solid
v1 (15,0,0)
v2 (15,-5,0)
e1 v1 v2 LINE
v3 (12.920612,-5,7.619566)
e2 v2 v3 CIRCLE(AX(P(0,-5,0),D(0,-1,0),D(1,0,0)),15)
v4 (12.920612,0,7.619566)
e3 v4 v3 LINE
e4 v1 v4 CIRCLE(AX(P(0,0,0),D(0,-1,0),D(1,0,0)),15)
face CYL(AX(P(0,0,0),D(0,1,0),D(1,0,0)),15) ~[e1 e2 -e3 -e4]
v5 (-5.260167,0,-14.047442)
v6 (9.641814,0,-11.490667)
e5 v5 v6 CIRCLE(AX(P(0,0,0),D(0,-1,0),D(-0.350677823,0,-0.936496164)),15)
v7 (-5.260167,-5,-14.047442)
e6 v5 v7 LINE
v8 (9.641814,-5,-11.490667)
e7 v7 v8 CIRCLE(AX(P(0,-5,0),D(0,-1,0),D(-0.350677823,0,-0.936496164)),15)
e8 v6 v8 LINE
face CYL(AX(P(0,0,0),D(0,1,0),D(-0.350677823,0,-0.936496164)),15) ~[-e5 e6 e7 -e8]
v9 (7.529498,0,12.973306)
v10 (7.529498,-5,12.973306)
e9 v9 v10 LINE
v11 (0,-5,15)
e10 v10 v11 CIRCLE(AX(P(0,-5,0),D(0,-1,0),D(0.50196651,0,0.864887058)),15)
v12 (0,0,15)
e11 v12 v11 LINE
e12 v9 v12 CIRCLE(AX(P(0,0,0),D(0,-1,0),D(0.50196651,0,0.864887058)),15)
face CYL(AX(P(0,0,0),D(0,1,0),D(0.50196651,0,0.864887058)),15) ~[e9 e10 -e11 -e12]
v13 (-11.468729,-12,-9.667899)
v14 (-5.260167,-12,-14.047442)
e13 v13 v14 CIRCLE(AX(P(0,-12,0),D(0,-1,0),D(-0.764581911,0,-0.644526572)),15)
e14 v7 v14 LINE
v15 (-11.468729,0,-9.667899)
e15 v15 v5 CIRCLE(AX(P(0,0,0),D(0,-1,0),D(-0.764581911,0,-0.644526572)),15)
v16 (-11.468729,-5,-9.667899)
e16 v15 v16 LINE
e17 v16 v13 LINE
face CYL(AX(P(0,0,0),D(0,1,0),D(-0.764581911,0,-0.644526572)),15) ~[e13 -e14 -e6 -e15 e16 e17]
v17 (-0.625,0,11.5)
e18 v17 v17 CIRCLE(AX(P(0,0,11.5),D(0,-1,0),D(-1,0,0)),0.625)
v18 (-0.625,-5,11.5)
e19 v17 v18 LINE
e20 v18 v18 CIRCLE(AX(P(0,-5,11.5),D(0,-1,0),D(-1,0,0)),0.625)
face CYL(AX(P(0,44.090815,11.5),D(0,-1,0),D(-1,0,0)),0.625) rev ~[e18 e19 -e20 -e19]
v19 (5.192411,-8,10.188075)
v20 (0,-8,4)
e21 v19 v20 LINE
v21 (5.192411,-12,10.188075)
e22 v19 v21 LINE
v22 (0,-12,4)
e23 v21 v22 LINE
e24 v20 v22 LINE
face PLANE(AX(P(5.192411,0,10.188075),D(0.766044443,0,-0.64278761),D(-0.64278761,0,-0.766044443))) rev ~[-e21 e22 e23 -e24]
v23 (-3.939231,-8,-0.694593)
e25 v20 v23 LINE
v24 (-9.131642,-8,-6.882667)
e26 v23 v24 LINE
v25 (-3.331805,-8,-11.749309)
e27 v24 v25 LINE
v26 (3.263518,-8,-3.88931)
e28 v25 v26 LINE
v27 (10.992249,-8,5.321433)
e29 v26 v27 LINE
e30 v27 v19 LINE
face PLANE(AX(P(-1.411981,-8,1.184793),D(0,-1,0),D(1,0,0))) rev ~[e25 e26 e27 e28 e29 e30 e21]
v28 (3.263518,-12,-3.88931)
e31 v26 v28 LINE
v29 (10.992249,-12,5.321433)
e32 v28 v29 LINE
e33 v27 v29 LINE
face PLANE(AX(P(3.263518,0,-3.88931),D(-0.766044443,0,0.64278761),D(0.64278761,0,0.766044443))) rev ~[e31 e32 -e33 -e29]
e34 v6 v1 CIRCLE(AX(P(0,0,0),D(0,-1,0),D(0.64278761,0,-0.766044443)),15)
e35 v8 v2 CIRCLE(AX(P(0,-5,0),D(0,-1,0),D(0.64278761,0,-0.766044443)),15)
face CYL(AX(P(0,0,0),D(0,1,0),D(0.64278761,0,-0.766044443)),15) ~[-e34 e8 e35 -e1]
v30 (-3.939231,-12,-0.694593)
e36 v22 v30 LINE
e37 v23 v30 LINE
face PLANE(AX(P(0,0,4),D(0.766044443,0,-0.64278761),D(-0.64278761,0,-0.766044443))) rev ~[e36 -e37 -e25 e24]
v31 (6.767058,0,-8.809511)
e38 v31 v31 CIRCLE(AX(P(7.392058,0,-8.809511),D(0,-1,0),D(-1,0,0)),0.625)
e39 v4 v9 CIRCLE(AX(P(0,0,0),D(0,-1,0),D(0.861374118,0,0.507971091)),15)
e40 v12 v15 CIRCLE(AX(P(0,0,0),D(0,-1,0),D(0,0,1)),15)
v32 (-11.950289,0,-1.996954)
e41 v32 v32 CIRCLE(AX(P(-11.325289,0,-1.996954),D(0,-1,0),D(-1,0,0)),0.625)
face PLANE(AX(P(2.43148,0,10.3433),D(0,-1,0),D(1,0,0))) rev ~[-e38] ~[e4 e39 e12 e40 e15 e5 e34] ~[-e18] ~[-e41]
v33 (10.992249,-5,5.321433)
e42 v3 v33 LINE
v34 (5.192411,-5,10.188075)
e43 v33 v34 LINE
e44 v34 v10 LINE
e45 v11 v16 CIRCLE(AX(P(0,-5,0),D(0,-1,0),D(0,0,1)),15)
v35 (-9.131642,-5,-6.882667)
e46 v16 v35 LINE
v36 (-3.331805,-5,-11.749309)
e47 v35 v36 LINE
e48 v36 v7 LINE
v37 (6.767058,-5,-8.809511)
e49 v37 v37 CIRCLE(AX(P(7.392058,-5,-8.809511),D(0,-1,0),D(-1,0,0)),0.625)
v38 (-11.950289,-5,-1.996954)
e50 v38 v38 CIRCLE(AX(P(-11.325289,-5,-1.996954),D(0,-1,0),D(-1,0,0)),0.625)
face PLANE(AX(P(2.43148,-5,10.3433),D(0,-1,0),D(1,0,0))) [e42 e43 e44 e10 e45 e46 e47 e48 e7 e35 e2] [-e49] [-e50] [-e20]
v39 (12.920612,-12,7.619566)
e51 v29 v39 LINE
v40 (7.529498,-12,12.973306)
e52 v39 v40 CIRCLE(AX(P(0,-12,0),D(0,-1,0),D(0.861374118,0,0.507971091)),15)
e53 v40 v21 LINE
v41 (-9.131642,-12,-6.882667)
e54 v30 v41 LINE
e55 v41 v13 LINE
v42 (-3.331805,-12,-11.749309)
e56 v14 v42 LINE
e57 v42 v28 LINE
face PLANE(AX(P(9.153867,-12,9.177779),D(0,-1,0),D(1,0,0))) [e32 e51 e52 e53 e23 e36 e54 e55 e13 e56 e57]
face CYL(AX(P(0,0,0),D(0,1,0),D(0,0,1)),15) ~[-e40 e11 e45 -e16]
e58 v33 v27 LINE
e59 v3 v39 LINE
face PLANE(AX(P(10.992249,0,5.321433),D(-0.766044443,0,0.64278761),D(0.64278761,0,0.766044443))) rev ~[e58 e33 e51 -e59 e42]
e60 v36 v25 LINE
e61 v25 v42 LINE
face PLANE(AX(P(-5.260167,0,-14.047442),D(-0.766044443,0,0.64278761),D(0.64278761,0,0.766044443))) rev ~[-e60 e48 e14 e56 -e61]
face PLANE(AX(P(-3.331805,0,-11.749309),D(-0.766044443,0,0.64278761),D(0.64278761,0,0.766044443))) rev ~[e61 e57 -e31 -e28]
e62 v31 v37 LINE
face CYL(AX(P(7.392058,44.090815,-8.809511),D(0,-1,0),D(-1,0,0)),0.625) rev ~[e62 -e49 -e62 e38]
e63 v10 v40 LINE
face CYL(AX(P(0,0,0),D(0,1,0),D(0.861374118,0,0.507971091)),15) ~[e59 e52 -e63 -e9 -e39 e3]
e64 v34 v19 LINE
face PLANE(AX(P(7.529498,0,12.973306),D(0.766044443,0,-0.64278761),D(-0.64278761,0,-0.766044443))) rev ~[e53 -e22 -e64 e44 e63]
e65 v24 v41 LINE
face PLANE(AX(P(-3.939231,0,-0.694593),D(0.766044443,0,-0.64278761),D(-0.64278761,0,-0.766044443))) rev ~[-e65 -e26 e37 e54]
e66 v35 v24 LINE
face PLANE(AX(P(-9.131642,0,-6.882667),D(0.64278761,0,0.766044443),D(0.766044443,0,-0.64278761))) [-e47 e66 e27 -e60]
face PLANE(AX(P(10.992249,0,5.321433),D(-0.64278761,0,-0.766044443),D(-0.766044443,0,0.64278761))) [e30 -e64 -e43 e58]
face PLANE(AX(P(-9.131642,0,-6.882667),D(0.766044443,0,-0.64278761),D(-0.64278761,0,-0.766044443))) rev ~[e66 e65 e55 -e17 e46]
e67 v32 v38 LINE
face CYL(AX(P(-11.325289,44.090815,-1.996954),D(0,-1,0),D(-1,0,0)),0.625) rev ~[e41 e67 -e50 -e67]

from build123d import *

# Parameters (mm, degrees)
F1_DEPTH = 12
F2_DEPTH = 8
F3_DEPTH = 5
F4_D     = 1.25


with BuildPart() as f1:
    # F0 (on Front) → F1 (new body)
    with BuildSketch(Plane.XZ):
        with BuildLine():
            Line((10.99224894, 5.3214330306), (12.920611769, 7.61956636))
            ThreePointArc((12.920611769, 7.61956636), (10.5696440554, 10.6434310512), (7.529497646, 12.9733058701))
            Line((7.529497646, 12.9733058701), (5.1924112184, 10.1880747237))
            Line((5.1924112184, 10.1880747237), (10.99224894, 5.3214330306))
        make_face()
        Polygon((3.2635182233, -3.8893095672), (10.99224894, 5.3214330306), (5.1924112184, 10.1880747237), (0, 4), (0, 0), align=None)
        Polygon((-3.939231012, -0.6945927107), (0, 0), (0, 4), align=None)
        Polygon((-3.3318045088, -11.7493091275), (3.2635182233, -3.8893095672), (0, 0), (-3.939231012, -0.6945927107), (-9.1316422304, -6.8826674344), align=None)
        with BuildLine():
            ThreePointArc((-11.4687286581, -9.6678985807), (-8.6463339891, -12.2572798185), (-5.2601673378, -14.0474424568))
            Line((-5.2601673378, -14.0474424568), (-3.3318045088, -11.7493091275))
            Line((-3.3318045088, -11.7493091275), (-9.1316422304, -6.8826674344))
            Line((-9.1316422304, -6.8826674344), (-11.4687286581, -9.6678985807))
        make_face()
    extrude(amount=F1_DEPTH)

    # F0 (on Front) → F2 (cut)
    with BuildSketch(Plane.XZ):
        Polygon((-3.939231012, -0.6945927107), (0, 0), (0, 4), align=None)
        Polygon((3.2635182233, -3.8893095672), (10.99224894, 5.3214330306), (5.1924112184, 10.1880747237), (0, 4), (0, 0), align=None)
        Polygon((-3.3318045088, -11.7493091275), (3.2635182233, -3.8893095672), (0, 0), (-3.939231012, -0.6945927107), (-9.1316422304, -6.8826674344), align=None)
    extrude(amount=F2_DEPTH, mode=Mode.SUBTRACT)

    # F0 (on Front) → F3 (join)
    with BuildSketch(Plane.XZ):
        with BuildLine():
            Line((5.1924112184, 10.1880747237), (7.529497646, 12.9733058701))
            ThreePointArc((7.529497646, 12.9733058701), (3.8987441535, 14.4844673366), (0, 15))
            Line((0, 15), (0, 4))
            Line((0, 4), (5.1924112184, 10.1880747237))
        make_face()
        Polygon((3.2635182233, -3.8893095672), (10.99224894, 5.3214330306), (5.1924112184, 10.1880747237), (0, 4), (0, 0), align=None)
        with BuildLine():
            Line((0, 4), (0, 15))
            ThreePointArc((0, 15), (-11.4906666468, 9.6418141453), (-14.7721162952, -2.604722665))
            Line((-14.7721162952, -2.604722665), (-3.939231012, -0.6945927107))
            Line((-3.939231012, -0.6945927107), (0, 4))
        make_face()
        with BuildLine():
            ThreePointArc((-14.7721162952, -2.604722665), (-13.5874059139, -6.3547148269), (-11.4687286581, -9.6678985807))
            Line((-11.4687286581, -9.6678985807), (-9.1316422304, -6.8826674344))
            Line((-9.1316422304, -6.8826674344), (-3.939231012, -0.6945927107))
            Line((-3.939231012, -0.6945927107), (-14.7721162952, -2.604722665))
        make_face()
        Polygon((-3.3318045088, -11.7493091275), (3.2635182233, -3.8893095672), (0, 0), (-3.939231012, -0.6945927107), (-9.1316422304, -6.8826674344), align=None)
        Polygon((-3.939231012, -0.6945927107), (0, 0), (0, 4), align=None)
        with BuildLine():
            ThreePointArc((9.6418141453, -11.4906666468), (13.5946168055, -6.3392739261), (15, 0))
            ThreePointArc((15, 0), (14.4708185072, 3.949102649), (12.920611769, 7.61956636))
            Line((12.920611769, 7.61956636), (10.99224894, 5.3214330306))
            Line((10.99224894, 5.3214330306), (3.2635182233, -3.8893095672))
            Line((3.2635182233, -3.8893095672), (9.6418141453, -11.4906666468))
        make_face()
        with BuildLine():
            ThreePointArc((-5.2601673378, -14.0474424568), (2.5365296809, -14.7839783948), (9.6418141453, -11.4906666468))
            Line((9.6418141453, -11.4906666468), (3.2635182233, -3.8893095672))
            Line((3.2635182233, -3.8893095672), (-3.3318045088, -11.7493091275))
            Line((-3.3318045088, -11.7493091275), (-5.2601673378, -14.0474424568))
        make_face()
    extrude(amount=F3_DEPTH)

    # F4 (through all)
    with Locations(Plane(origin=(0, 0, 0), x_dir=(1, 0, 0), z_dir=(0, 1, 0))):
        with Locations((7.3920575114, 8.8095110959), (-11.3252891596, 1.9969540432), (0, -11.5)):
            Hole(F4_D / 2)


solid = f1.part
